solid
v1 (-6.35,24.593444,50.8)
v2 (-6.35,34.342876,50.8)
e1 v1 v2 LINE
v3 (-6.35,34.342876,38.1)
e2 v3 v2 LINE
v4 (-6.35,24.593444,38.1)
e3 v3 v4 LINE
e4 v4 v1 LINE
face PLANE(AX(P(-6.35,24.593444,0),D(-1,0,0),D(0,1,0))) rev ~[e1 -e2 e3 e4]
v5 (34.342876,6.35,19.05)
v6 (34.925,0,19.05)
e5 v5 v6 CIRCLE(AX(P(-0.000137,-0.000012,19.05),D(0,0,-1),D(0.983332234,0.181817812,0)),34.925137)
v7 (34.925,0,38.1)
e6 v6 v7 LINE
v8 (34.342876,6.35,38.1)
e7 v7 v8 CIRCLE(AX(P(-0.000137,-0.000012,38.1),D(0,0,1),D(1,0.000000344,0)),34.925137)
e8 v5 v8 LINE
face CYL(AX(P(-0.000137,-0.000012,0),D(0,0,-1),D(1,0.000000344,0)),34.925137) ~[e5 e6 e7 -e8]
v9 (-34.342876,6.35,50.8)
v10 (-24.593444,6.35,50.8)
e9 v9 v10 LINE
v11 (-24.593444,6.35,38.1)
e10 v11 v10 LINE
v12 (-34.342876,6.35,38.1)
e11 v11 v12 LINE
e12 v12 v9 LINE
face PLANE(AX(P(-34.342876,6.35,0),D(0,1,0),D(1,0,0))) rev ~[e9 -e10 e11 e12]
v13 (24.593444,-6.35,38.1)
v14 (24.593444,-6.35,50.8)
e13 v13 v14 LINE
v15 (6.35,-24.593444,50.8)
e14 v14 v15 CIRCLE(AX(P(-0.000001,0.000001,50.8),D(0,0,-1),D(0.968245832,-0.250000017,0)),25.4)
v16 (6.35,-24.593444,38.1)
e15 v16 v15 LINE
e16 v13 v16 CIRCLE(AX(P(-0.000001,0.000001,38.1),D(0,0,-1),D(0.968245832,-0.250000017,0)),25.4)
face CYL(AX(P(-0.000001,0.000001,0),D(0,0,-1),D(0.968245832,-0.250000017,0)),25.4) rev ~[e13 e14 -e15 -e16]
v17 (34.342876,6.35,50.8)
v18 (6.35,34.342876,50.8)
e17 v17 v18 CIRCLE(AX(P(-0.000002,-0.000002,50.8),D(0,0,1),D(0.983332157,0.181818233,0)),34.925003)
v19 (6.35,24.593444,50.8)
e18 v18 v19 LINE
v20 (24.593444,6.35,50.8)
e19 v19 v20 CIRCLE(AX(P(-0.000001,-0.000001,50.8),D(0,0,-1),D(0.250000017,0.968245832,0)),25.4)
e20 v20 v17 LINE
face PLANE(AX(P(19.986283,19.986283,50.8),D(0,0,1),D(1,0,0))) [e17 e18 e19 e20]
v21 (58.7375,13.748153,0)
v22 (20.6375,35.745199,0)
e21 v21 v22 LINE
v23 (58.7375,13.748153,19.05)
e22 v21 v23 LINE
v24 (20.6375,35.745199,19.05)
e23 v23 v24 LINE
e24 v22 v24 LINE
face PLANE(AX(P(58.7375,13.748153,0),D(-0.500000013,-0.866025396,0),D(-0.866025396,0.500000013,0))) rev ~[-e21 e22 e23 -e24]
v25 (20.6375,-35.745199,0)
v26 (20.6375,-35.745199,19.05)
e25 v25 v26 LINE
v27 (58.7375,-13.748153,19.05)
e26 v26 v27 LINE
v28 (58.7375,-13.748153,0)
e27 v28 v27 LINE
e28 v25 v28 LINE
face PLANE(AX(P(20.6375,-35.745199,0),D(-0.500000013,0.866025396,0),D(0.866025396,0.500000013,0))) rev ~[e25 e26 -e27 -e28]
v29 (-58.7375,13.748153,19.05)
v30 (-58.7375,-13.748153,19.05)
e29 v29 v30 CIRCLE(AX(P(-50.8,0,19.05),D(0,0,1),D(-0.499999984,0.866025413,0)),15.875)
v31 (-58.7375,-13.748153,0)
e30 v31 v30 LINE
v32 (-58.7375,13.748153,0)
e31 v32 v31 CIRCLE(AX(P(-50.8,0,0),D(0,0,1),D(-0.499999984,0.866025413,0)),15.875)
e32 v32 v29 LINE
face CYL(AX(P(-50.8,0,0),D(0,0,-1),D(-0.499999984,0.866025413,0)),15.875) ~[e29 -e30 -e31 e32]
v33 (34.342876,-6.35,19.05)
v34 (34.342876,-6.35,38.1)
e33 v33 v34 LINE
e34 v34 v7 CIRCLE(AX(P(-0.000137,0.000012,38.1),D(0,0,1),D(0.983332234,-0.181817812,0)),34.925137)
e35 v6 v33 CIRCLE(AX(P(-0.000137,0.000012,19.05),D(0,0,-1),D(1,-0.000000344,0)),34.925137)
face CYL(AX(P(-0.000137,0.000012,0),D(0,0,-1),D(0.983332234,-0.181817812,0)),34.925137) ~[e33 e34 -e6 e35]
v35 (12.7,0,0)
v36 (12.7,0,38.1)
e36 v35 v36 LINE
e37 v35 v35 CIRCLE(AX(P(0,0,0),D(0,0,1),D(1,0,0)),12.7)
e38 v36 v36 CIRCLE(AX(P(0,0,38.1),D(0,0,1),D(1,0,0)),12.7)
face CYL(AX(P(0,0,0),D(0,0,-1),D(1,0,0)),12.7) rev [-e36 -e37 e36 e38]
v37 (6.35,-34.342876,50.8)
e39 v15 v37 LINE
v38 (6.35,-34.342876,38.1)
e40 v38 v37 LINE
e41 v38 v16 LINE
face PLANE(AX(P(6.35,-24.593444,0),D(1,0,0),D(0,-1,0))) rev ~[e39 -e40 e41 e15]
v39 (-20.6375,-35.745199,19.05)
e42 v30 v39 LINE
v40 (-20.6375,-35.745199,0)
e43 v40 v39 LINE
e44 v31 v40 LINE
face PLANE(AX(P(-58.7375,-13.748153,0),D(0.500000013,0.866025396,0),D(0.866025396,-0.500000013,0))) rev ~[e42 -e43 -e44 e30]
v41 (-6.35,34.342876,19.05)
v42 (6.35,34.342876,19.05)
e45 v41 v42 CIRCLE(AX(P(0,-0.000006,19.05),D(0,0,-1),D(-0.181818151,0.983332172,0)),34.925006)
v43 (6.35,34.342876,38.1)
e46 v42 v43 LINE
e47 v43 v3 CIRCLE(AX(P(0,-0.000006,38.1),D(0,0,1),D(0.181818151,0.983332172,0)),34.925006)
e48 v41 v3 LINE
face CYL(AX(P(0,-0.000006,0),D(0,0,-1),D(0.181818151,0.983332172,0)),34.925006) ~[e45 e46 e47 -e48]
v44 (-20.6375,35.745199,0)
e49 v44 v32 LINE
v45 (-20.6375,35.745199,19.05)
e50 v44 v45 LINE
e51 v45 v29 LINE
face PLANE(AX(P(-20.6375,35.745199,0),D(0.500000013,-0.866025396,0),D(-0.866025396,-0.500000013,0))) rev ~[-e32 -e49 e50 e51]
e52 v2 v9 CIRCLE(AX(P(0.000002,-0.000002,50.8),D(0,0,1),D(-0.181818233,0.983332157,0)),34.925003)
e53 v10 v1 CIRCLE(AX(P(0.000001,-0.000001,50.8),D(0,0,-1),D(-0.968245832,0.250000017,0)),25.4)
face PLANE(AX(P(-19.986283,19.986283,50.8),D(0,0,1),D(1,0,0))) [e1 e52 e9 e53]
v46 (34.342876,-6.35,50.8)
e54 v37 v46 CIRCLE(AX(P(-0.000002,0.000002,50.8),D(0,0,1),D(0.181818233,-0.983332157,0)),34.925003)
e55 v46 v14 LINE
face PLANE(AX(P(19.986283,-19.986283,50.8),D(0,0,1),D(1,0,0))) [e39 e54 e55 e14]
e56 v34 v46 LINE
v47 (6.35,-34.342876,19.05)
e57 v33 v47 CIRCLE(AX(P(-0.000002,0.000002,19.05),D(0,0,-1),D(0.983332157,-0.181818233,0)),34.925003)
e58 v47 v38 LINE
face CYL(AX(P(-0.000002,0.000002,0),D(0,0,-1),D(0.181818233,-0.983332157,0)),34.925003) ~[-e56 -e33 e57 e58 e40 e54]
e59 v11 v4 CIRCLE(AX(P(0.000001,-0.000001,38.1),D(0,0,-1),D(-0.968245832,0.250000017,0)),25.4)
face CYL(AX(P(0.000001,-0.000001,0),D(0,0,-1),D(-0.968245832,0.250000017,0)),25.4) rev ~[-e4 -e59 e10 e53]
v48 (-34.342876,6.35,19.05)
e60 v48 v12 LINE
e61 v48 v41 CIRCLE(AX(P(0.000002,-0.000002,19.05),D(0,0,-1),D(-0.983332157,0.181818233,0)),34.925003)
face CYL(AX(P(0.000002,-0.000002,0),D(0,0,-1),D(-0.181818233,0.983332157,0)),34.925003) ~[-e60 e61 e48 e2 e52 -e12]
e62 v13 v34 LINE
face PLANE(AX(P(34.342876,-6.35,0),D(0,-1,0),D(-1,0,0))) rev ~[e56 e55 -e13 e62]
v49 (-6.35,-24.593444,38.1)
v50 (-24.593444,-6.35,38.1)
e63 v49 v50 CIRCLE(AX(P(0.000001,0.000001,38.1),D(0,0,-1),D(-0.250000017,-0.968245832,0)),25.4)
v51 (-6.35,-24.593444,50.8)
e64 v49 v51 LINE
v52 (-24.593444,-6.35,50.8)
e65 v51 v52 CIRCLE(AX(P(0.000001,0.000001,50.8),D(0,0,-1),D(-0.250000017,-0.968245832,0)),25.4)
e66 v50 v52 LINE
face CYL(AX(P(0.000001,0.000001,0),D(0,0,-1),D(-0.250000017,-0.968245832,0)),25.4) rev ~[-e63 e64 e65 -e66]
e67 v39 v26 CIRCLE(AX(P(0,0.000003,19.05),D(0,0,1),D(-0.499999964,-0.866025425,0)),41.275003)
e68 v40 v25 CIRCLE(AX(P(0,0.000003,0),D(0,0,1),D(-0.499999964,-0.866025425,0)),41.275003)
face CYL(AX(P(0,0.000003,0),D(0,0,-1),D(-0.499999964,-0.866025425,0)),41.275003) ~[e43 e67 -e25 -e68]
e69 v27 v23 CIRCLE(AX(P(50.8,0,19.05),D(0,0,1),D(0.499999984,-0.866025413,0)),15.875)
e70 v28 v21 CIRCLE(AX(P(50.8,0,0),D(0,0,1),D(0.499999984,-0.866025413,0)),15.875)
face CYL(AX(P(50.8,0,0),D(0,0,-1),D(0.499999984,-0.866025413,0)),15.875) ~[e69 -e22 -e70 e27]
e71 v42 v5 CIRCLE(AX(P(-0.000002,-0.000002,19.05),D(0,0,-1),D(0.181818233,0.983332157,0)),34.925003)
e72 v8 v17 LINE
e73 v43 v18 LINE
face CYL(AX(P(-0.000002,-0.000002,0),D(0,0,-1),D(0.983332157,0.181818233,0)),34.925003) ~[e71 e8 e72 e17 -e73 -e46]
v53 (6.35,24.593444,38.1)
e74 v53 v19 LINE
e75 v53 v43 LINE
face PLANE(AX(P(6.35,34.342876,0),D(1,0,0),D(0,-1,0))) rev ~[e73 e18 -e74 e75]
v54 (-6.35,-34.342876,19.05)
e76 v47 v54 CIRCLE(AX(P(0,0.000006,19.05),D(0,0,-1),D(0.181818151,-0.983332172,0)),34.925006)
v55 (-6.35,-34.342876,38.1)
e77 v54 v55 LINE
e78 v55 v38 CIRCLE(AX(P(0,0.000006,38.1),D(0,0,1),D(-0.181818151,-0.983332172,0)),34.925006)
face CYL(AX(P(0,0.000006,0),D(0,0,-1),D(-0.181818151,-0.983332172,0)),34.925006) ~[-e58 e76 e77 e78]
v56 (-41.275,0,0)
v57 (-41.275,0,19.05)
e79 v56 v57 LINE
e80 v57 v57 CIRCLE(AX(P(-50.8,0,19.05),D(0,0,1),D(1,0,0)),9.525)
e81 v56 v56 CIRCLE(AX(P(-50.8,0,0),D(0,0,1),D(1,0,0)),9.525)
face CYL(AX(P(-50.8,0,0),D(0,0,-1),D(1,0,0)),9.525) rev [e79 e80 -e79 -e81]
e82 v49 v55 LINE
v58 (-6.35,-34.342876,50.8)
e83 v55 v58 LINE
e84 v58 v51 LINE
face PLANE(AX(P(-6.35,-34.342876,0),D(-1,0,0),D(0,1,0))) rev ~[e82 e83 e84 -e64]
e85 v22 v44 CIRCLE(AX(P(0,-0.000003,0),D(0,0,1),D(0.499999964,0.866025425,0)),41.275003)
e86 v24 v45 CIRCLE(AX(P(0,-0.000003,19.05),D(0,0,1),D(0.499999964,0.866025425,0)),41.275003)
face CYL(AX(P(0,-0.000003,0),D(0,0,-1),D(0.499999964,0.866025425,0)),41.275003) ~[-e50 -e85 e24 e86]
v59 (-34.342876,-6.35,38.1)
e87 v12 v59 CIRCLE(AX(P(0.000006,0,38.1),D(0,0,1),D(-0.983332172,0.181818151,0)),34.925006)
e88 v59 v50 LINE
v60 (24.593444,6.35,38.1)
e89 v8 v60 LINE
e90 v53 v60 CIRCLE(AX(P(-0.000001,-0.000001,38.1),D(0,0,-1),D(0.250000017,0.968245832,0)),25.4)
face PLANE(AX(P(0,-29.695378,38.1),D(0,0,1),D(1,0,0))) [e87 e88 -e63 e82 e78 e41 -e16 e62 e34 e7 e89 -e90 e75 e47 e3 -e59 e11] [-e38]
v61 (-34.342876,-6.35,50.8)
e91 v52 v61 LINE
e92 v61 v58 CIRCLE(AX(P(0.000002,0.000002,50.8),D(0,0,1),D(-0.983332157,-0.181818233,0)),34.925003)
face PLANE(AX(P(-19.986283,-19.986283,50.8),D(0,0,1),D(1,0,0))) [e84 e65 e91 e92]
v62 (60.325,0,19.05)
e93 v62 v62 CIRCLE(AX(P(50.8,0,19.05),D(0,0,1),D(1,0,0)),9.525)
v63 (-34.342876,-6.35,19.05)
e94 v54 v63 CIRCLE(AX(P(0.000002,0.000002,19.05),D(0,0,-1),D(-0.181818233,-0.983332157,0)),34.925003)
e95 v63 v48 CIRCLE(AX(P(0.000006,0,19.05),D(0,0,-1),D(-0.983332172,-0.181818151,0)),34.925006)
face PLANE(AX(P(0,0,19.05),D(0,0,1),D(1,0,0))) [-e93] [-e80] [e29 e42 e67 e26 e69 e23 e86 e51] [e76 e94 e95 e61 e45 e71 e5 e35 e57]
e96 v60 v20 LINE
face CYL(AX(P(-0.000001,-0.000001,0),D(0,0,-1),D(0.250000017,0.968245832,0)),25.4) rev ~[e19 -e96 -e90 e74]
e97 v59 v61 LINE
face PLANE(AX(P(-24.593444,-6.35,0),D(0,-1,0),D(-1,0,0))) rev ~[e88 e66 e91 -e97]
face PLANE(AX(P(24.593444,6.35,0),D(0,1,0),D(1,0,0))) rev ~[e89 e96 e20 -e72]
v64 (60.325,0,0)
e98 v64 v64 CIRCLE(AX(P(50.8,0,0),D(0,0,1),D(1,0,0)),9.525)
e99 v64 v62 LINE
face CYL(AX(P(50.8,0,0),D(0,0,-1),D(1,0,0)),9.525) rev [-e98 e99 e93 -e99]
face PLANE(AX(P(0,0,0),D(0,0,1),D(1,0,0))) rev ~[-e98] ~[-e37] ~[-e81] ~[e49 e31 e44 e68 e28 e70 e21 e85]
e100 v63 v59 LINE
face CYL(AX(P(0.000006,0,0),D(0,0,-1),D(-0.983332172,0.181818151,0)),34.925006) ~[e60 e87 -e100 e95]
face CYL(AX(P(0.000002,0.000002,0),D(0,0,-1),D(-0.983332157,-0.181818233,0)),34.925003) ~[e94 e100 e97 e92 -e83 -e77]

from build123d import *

# Parameters (mm, degrees)
F0_R     = 9.525
F1_DEPTH = 19.05
F0_R_2   = 12.7
F2_DEPTH = 38.1
F3_DEPTH = 50.8


with BuildPart() as f1:
    # F0 (on Top) → F1 (new body)
    with BuildSketch(Plane.XY):
        with BuildLine():
            Line((20.6375, -35.745199), (58.7375, -13.748153))
            ThreePointArc((58.7375, -13.748153), (66.675, 0), (58.7375, 13.748153))
            Line((58.7375, 13.748153), (20.6375, 35.745199))
            ThreePointArc((20.6375, 35.745199), (0, 41.275), (-20.6375, 35.745199))
            Line((-20.6375, 35.745199), (-58.7375, 13.748153))
            ThreePointArc((-58.7375, 13.748153), (-66.675, 0), (-58.7375, -13.748153))
            Line((-58.7375, -13.748153), (-20.6375, -35.745199))
            ThreePointArc((-20.6375, -35.745199), (0, -41.275), (20.6375, -35.745199))
        make_face()
        with Locations((-50.8, 0)):
            Circle(F0_R, mode=Mode.SUBTRACT)
        with BuildLine():
            ThreePointArc((6.35, 34.342876), (24.695704, 24.695704), (34.342876, 6.35))
            ThreePointArc((34.342876, 6.35), (34.779164, 3.188313), (34.925, 0))
            ThreePointArc((34.925, 0), (34.779164, -3.188313), (34.342876, -6.35))
            ThreePointArc((34.342876, -6.35), (24.695704, -24.695704), (6.35, -34.342876))
            ThreePointArc((6.35, -34.342876), (0, -34.925), (-6.35, -34.342876))
            ThreePointArc((-6.35, -34.342876), (-24.695704, -24.695704), (-34.342876, -6.35))
            ThreePointArc((-34.342876, -6.35), (-34.925, 0), (-34.342876, 6.35))
            ThreePointArc((-34.342876, 6.35), (-24.695704, 24.695704), (-6.35, 34.342876))
            ThreePointArc((-6.35, 34.342876), (0, 34.925), (6.35, 34.342876))
        make_face(mode=Mode.SUBTRACT)
        with Locations((50.8, 0)):
            Circle(F0_R, mode=Mode.SUBTRACT)
    extrude(amount=F1_DEPTH)

    # F0 (on Top) → F2 (join)
    with BuildSketch(Plane.XY):
        with BuildLine():
            Line((6.35, -34.342876), (6.35, -24.593444))
            ThreePointArc((6.35, -24.593444), (0, -25.4), (-6.35, -24.593444))
            Line((-6.35, -24.593444), (-6.35, -34.342876))
            ThreePointArc((-6.35, -34.342876), (0, -34.925), (6.35, -34.342876))
        make_face()
        with BuildLine():
            Line((-6.35, -34.342876), (-6.35, -24.593444))
            ThreePointArc((-6.35, -24.593444), (-17.960512, -17.960512), (-24.593444, -6.35))
            Line((-24.593444, -6.35), (-34.342876, -6.35))
            ThreePointArc((-34.342876, -6.35), (-24.695704, -24.695704), (-6.35, -34.342876))
        make_face()
        with BuildLine():
            Line((34.342876, -6.35), (24.593444, -6.35))
            ThreePointArc((24.593444, -6.35), (17.960512, -17.960512), (6.35, -24.593444))
            Line((6.35, -24.593444), (6.35, -34.342876))
            ThreePointArc((6.35, -34.342876), (24.695704, -24.695704), (34.342876, -6.35))
        make_face()
        with BuildLine():
            ThreePointArc((24.593444, -6.35), (25.197554, -3.200509), (25.4, 0))
            ThreePointArc((25.4, 0), (25.197554, 3.200509), (24.593444, 6.35))
            ThreePointArc((24.593444, 6.35), (17.960512, 17.960512), (6.35, 24.593444))
            ThreePointArc((6.35, 24.593444), (0, 25.4), (-6.35, 24.593444))
            ThreePointArc((-6.35, 24.593444), (-17.960512, 17.960512), (-24.593444, 6.35))
            ThreePointArc((-24.593444, 6.35), (-25.4, 0), (-24.593444, -6.35))
            ThreePointArc((-24.593444, -6.35), (-17.960512, -17.960512), (-6.35, -24.593444))
            ThreePointArc((-6.35, -24.593444), (0, -25.4), (6.35, -24.593444))
            ThreePointArc((6.35, -24.593444), (17.960512, -17.960512), (24.593444, -6.35))
        make_face()
        Circle(F0_R_2, mode=Mode.SUBTRACT)
        with BuildLine():
            ThreePointArc((24.593444, 6.35), (25.197554, 3.200509), (25.4, 0))
            ThreePointArc((25.4, 0), (25.197554, -3.200509), (24.593444, -6.35))
            Line((24.593444, -6.35), (34.342876, -6.35))
            ThreePointArc((34.342876, -6.35), (34.779164, -3.188313), (34.925, 0))
            ThreePointArc((34.925, 0), (34.779164, 3.188313), (34.342876, 6.35))
            Line((34.342876, 6.35), (24.593444, 6.35))
        make_face()
        with BuildLine():
            ThreePointArc((6.35, 24.593444), (17.960512, 17.960512), (24.593444, 6.35))
            Line((24.593444, 6.35), (34.342876, 6.35))
            ThreePointArc((34.342876, 6.35), (24.695704, 24.695704), (6.35, 34.342876))
            Line((6.35, 34.342876), (6.35, 24.593444))
        make_face()
        with BuildLine():
            ThreePointArc((-24.593444, -6.35), (-25.4, 0), (-24.593444, 6.35))
            Line((-24.593444, 6.35), (-34.342876, 6.35))
            ThreePointArc((-34.342876, 6.35), (-34.925, 0), (-34.342876, -6.35))
            Line((-34.342876, -6.35), (-24.593444, -6.35))
        make_face()
        with BuildLine():
            ThreePointArc((-24.593444, 6.35), (-17.960512, 17.960512), (-6.35, 24.593444))
            Line((-6.35, 24.593444), (-6.35, 34.342876))
            ThreePointArc((-6.35, 34.342876), (-24.695704, 24.695704), (-34.342876, 6.35))
            Line((-34.342876, 6.35), (-24.593444, 6.35))
        make_face()
        with BuildLine():
            ThreePointArc((-6.35, 24.593444), (0, 25.4), (6.35, 24.593444))
            Line((6.35, 24.593444), (6.35, 34.342876))
            ThreePointArc((6.35, 34.342876), (0, 34.925), (-6.35, 34.342876))
            Line((-6.35, 34.342876), (-6.35, 24.593444))
        make_face()
    extrude(amount=F2_DEPTH)

    # F0 (on Top) → F3 (join)
    with BuildSketch(Plane.XY):
        with BuildLine():
            ThreePointArc((6.35, 24.593444), (17.960512, 17.960512), (24.593444, 6.35))
            Line((24.593444, 6.35), (34.342876, 6.35))
            ThreePointArc((34.342876, 6.35), (24.695704, 24.695704), (6.35, 34.342876))
            Line((6.35, 34.342876), (6.35, 24.593444))
        make_face()
        with BuildLine():
            Line((34.342876, -6.35), (24.593444, -6.35))
            ThreePointArc((24.593444, -6.35), (17.960512, -17.960512), (6.35, -24.593444))
            Line((6.35, -24.593444), (6.35, -34.342876))
            ThreePointArc((6.35, -34.342876), (24.695704, -24.695704), (34.342876, -6.35))
        make_face()
        with BuildLine():
            Line((-6.35, -34.342876), (-6.35, -24.593444))
            ThreePointArc((-6.35, -24.593444), (-17.960512, -17.960512), (-24.593444, -6.35))
            Line((-24.593444, -6.35), (-34.342876, -6.35))
            ThreePointArc((-34.342876, -6.35), (-24.695704, -24.695704), (-6.35, -34.342876))
        make_face()
        with BuildLine():
            ThreePointArc((-24.593444, 6.35), (-17.960512, 17.960512), (-6.35, 24.593444))
            Line((-6.35, 24.593444), (-6.35, 34.342876))
            ThreePointArc((-6.35, 34.342876), (-24.695704, 24.695704), (-34.342876, 6.35))
            Line((-34.342876, 6.35), (-24.593444, 6.35))
        make_face()
    extrude(amount=F3_DEPTH)


solid = f1.part
